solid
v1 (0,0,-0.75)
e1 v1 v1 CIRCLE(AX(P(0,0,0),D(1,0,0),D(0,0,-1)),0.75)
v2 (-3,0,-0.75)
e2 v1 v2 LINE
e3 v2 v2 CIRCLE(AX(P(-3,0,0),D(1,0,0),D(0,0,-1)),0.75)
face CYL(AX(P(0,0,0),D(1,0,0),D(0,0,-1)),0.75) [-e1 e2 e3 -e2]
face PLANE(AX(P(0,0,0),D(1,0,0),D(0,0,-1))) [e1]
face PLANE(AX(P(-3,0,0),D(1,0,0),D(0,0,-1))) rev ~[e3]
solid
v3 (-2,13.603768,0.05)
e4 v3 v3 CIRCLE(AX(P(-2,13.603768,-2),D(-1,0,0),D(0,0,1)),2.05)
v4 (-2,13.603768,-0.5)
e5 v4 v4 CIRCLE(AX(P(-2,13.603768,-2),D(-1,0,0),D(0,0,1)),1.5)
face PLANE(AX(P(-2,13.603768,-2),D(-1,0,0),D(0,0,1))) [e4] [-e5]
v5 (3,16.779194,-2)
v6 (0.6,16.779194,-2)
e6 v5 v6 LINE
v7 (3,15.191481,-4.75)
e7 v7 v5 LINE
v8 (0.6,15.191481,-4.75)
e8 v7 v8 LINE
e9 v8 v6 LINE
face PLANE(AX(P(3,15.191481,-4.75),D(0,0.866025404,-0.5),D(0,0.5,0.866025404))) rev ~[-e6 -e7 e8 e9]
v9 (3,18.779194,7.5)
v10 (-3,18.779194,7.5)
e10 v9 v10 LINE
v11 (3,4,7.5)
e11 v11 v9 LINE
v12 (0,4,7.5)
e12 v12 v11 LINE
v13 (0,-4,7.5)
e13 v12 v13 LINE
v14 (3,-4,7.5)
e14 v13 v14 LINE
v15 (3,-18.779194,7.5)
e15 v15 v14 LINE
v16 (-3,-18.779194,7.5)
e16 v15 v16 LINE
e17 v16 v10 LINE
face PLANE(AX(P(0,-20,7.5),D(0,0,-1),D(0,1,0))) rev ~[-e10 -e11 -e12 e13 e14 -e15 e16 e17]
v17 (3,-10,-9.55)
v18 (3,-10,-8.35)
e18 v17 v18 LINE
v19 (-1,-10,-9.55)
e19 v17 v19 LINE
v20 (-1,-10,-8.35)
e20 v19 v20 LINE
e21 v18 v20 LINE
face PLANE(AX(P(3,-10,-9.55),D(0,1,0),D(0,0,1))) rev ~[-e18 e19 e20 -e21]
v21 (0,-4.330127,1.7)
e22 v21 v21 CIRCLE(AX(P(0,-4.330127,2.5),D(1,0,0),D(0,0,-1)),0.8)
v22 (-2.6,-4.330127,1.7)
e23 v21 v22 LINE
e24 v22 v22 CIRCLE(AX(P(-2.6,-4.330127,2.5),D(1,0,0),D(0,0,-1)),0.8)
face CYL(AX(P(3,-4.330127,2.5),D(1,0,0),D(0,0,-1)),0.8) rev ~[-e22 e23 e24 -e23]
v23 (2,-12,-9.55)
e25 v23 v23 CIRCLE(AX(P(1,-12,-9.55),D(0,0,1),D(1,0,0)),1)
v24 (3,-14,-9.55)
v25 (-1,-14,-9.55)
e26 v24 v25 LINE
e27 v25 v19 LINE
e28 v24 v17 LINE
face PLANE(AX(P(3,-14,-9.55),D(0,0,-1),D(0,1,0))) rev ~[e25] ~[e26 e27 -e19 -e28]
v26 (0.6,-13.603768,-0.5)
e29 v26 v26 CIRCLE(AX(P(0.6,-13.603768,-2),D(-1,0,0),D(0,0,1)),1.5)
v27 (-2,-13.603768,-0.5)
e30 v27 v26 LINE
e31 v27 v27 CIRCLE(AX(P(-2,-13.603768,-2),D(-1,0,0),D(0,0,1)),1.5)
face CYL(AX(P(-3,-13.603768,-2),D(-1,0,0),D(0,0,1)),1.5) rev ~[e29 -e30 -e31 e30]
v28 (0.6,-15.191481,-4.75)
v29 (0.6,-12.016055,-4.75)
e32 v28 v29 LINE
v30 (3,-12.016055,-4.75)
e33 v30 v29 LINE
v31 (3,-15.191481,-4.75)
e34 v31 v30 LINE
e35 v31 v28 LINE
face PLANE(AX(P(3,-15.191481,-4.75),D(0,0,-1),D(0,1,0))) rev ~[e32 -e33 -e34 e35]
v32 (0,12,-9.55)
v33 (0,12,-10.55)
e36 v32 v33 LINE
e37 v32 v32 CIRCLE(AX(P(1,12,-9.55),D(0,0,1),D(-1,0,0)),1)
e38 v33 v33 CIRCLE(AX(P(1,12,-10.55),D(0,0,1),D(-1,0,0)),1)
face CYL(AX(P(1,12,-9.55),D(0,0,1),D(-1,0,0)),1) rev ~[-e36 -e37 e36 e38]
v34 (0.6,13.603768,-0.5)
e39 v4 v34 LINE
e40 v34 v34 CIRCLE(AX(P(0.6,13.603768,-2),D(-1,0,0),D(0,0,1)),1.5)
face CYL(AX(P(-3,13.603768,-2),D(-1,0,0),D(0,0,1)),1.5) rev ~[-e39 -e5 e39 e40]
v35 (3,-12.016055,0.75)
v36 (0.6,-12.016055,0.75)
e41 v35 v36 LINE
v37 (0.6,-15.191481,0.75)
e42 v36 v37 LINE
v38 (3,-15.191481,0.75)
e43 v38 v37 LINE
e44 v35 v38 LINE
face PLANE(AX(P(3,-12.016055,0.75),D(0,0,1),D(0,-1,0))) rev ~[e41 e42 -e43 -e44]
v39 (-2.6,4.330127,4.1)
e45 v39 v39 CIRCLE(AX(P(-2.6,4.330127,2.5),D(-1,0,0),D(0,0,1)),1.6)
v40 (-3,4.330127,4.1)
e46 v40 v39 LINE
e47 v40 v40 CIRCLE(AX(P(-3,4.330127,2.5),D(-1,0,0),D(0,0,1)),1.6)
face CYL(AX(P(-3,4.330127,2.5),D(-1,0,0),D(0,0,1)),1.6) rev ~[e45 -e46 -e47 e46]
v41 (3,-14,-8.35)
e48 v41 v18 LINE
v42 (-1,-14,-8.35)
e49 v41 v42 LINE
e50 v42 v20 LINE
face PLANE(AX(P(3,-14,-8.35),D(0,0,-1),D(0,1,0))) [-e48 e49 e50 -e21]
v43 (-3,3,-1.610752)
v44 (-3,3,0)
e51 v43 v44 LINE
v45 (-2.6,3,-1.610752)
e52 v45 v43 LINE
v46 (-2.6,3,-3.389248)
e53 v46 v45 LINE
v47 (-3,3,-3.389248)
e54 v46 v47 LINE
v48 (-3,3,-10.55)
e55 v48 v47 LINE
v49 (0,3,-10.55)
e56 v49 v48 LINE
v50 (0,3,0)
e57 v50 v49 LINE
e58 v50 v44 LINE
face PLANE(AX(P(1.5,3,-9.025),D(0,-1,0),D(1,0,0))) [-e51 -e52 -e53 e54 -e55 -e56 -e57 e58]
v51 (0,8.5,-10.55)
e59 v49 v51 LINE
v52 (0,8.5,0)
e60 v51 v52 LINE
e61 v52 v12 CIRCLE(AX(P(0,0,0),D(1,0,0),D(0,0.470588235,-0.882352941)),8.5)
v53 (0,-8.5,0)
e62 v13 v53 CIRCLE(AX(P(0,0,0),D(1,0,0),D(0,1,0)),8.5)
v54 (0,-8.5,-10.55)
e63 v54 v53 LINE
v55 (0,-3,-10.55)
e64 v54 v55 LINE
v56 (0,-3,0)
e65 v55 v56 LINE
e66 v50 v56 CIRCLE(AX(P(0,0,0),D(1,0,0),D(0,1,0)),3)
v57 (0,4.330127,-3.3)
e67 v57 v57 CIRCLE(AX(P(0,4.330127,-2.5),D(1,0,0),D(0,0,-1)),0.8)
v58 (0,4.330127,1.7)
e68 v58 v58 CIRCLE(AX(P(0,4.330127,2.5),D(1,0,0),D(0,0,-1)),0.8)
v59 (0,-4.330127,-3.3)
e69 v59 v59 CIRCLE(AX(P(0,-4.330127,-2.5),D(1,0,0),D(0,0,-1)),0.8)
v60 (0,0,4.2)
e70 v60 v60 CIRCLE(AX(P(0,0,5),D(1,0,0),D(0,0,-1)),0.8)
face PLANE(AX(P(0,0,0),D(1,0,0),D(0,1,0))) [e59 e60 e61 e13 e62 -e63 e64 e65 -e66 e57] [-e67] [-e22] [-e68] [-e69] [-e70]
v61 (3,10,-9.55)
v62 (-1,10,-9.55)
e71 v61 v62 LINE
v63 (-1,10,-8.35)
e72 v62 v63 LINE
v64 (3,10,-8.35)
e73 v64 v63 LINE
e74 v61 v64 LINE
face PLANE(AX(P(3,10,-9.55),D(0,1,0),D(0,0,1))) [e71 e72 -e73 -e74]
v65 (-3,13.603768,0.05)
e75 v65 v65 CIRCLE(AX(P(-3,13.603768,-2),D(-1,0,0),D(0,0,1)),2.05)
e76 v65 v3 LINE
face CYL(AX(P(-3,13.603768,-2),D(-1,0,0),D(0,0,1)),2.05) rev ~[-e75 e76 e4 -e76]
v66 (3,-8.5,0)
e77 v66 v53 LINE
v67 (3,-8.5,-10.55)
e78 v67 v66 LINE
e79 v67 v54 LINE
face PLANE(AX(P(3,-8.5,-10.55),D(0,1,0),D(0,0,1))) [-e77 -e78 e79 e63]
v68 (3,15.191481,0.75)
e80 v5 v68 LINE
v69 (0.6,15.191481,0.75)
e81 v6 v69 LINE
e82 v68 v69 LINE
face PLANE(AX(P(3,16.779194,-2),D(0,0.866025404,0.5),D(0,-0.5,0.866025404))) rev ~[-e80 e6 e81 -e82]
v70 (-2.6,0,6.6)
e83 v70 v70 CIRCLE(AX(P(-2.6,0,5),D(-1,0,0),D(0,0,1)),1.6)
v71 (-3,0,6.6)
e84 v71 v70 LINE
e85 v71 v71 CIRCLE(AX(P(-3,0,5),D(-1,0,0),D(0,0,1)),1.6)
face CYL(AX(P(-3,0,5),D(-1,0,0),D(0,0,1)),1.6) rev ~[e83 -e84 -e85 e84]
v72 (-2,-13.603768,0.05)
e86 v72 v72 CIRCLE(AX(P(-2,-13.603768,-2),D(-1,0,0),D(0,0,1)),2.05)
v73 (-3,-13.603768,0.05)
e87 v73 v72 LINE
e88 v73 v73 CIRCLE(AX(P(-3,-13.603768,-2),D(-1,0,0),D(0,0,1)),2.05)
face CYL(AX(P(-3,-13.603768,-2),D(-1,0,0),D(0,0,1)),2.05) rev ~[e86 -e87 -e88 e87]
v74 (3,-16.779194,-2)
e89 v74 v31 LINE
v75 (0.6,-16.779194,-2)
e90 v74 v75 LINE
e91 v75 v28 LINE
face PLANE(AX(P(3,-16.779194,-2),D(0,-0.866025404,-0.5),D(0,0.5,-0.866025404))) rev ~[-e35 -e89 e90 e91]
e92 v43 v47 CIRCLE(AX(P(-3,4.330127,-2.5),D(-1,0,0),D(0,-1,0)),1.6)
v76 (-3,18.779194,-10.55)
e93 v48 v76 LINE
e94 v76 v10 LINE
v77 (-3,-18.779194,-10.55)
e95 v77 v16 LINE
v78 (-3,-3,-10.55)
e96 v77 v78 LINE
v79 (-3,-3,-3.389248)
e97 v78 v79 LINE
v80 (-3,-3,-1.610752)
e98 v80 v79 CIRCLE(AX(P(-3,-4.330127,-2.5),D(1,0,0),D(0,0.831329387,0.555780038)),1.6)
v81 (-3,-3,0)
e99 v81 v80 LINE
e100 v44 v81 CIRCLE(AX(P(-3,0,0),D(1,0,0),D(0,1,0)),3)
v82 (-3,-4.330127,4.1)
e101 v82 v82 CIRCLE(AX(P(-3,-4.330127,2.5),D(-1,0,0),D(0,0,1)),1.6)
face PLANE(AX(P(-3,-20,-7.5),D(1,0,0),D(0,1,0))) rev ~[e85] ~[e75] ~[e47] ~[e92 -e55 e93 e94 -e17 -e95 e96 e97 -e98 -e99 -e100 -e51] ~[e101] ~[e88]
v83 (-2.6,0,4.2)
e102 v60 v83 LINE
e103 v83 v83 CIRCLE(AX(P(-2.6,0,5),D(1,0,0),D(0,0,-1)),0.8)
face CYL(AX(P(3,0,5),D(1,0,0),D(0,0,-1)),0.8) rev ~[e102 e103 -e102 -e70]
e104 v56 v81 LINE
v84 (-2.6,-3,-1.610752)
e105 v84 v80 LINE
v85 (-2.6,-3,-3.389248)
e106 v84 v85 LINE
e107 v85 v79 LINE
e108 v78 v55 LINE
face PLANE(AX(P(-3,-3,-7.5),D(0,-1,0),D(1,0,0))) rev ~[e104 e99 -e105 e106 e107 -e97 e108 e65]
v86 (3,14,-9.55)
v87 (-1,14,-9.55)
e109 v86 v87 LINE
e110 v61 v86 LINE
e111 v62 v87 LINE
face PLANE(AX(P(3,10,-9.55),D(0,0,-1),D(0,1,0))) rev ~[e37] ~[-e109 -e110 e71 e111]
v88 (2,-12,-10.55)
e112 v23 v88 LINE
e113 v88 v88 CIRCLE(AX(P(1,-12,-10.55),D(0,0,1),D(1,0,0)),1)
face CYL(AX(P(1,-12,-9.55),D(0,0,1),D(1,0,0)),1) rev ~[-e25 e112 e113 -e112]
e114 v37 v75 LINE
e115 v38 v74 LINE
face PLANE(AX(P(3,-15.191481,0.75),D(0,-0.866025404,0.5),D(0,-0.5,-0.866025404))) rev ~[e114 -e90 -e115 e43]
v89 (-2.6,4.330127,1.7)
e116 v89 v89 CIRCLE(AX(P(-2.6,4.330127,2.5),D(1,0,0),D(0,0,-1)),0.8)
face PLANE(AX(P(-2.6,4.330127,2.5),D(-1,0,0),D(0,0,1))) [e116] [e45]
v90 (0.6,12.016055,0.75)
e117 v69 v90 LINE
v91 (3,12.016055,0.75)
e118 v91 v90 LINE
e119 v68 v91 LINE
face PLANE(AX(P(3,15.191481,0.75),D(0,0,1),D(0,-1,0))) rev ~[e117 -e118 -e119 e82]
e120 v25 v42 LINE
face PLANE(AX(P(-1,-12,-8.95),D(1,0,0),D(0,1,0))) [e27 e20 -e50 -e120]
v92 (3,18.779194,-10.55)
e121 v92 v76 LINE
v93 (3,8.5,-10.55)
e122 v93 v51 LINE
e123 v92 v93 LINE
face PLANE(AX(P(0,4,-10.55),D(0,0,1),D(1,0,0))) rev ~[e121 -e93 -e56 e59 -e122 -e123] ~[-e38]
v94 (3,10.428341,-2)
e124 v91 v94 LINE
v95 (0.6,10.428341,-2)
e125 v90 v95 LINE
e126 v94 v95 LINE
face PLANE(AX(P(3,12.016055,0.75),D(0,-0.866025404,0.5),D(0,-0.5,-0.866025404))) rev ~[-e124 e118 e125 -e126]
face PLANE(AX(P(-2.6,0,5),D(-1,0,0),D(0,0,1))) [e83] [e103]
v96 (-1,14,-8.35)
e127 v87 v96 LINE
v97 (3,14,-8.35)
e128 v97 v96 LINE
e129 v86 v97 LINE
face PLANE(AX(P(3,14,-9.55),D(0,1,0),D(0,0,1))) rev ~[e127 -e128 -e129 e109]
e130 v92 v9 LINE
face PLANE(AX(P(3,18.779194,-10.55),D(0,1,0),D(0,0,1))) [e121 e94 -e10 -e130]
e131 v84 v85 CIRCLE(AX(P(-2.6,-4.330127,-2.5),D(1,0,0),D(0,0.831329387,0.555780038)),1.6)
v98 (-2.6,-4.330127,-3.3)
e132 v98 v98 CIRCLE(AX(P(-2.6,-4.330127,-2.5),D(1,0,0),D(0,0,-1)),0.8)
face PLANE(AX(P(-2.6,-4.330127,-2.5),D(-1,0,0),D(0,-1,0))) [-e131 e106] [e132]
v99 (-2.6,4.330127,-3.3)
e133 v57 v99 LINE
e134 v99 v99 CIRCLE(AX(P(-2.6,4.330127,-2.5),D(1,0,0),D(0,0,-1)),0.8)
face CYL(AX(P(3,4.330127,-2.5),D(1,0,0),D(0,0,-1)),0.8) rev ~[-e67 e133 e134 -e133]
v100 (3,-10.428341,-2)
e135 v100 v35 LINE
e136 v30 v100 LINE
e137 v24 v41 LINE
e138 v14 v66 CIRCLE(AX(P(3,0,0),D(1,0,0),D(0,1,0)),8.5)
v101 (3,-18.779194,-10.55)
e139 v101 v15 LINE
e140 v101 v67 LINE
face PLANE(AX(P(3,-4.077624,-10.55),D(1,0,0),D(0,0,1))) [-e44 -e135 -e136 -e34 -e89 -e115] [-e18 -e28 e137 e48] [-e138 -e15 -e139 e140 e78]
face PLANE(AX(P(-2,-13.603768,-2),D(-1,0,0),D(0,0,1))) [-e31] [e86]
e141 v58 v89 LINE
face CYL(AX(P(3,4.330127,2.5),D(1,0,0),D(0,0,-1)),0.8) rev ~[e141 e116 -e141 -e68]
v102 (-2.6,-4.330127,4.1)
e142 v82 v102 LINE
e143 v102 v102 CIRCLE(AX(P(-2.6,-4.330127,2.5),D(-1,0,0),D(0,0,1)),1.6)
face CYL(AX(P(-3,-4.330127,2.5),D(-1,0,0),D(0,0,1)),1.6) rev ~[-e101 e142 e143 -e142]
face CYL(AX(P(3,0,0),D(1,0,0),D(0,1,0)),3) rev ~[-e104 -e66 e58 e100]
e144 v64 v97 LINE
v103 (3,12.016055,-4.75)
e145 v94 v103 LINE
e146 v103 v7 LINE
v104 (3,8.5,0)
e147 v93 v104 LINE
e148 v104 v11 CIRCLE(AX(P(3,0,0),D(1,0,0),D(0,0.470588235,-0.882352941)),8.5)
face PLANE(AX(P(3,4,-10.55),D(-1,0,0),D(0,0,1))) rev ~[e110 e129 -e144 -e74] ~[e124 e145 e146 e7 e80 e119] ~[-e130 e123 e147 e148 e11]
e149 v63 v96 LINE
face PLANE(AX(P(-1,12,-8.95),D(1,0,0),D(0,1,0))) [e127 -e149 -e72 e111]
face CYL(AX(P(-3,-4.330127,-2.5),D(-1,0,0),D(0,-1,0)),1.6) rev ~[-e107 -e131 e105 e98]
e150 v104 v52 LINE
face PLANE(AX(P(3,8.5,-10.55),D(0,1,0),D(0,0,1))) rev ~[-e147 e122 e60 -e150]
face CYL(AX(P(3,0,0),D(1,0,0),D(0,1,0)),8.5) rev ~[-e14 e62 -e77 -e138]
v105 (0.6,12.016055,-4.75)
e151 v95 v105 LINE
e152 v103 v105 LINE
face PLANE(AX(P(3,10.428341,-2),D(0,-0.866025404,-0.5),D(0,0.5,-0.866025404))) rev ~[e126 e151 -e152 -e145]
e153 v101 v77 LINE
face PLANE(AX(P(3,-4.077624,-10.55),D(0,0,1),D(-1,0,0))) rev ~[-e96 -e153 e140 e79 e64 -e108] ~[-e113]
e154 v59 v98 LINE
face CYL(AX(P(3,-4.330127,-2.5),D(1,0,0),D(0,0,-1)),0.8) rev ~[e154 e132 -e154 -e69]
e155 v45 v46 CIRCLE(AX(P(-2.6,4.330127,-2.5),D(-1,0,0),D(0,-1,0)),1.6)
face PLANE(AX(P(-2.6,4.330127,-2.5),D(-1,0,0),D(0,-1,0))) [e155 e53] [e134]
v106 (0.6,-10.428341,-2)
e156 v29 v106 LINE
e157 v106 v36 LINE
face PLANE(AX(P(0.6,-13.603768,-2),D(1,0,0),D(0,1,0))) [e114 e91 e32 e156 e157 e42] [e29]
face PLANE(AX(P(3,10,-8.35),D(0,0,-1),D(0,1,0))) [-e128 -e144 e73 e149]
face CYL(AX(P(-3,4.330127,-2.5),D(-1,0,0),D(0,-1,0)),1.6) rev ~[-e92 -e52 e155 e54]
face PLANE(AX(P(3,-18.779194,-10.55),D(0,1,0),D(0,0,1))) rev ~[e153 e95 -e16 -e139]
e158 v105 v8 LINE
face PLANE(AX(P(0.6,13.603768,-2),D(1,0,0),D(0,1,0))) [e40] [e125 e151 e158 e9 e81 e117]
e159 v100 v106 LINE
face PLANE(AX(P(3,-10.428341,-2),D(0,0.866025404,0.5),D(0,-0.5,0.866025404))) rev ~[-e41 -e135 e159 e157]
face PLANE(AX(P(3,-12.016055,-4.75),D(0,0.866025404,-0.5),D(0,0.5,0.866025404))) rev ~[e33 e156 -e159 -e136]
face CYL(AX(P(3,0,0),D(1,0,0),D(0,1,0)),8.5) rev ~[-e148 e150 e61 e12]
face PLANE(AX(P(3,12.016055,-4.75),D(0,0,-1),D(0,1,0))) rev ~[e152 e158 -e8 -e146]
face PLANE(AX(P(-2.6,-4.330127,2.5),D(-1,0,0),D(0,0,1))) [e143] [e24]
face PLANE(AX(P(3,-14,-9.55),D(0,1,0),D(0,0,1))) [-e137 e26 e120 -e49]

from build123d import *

# Parameters (mm, degrees)
SKETCH_2_W           = 40
SKETCH_2_H           = 15
EXTRUDE_5_DEPTH      = 3
SKETCH_10_R          = 0.8
CUT_EXTRUDE_2_DEPTH  = 23.186707732
CUT_EXTRUDE_3_DEPTH  = 23.186707732
SKETCH_12_R          = 8.5
CUT_EXTRUDE_4_DEPTH  = 3
SKETCH_13_R          = 1.6
CUT_EXTRUDE_5_DEPTH  = 0.4
SKETCH_15_R          = 0.75
EXTRUDE_6_DEPTH      = 3
SKETCH_16_R          = 1.5
CUT_EXTRUDE_6_DEPTH  = 23.186707732
SKETCH_18_R          = 2.05
CUT_EXTRUDE_8_DEPTH  = 1
CUT_EXTRUDE_10_DEPTH = 2.4
EXTRUDE_7_DEPTH      = 3.05
SKETCH_24_W          = 3
SKETCH_24_H          = 3.05
EXTRUDE_8_DEPTH      = 1.08
SKETCH_25_W          = 3
SKETCH_25_H          = 3.05
EXTRUDE_9_DEPTH      = 1
SKETCH_26_R          = 8.5
SKETCH_26_W          = 17
SKETCH_26_H          = 10.55
CUT_EXTRUDE_11_DEPTH = 3
SKETCH_28_W          = 1.220805659
SKETCH_28_H          = 18.05
CUT_EXTRUDE_12_DEPTH = 24.394497216
SKETCH_29_W          = 4
SKETCH_29_H          = 1.2
CUT_EXTRUDE_13_DEPTH = 4
SKETCH_30_R          = 1
CUT_EXTRUDE_14_DEPTH = 26.541351571


with BuildPart() as part:
    # ｽｹｯﾁ2 → ﾎﾞｽ - 押し出し5 (new, symmetric)
    with BuildSketch(Plane.YZ):
        Rectangle(SKETCH_2_W, SKETCH_2_H)
    extrude(amount=EXTRUDE_5_DEPTH, both=True)

    # ｽｹｯﾁ10 → ｶｯﾄ - 押し出し2 (cut, through all)
    with BuildSketch(Plane.YZ.offset(3)):
        with Locations(Location((-4.330127019, 2.5, 0), (0, 0, 270))):
            Circle(SKETCH_10_R)
        with Locations(Location((4.330127019, -2.5, 0), (0, 0, 270))):
            Circle(SKETCH_10_R)
        with Locations(Location((0, 5, 0), (0, 0, 270))):
            Circle(SKETCH_10_R)
        with Locations(Location((4.330127019, 2.5, 0), (0, 0, 270))):
            Circle(SKETCH_10_R)
        with Locations(Location((-4.330127019, -2.5, 0), (0, 0, 270))):
            Circle(SKETCH_10_R)
    extrude(amount=-CUT_EXTRUDE_2_DEPTH, mode=Mode.SUBTRACT)

    # ｽｹｯﾁ11 → ｶｯﾄ - 押し出し3 (cut, through all)
    with BuildSketch(Plane.YZ.offset(3)):
        with BuildLine():
            ThreePointArc((3, 0), (0, -3), (-3, 0))
            Line((-3, 0), (-3, -7.5))
            Line((-3, -7.5), (3, -7.5))
            Line((3, -7.5), (3, 0))
        make_face()
        with BuildLine():
            ThreePointArc((3, 0), (0, 3), (-3, 0))
            Line((-3, 0), (3, 0))
        make_face()
        with BuildLine():
            Line((3, 0), (-3, 0))
            ThreePointArc((-3, 0), (0, -3), (3, 0))
        make_face()
    extrude(amount=-CUT_EXTRUDE_3_DEPTH, mode=Mode.SUBTRACT)

    # ｽｹｯﾁ12 → ｶｯﾄ - 押し出し4 (cut)
    with BuildSketch(Plane.YZ.offset(3)):
        Circle(SKETCH_12_R)
    extrude(amount=-CUT_EXTRUDE_4_DEPTH, mode=Mode.SUBTRACT)

    # ｽｹｯﾁ13 → ｶｯﾄ - 押し出し5 (cut)
    with BuildSketch(Plane(origin=(-3, 0, 0), x_dir=(0, -1, 0), z_dir=(-1, 0, 0))):
        with Locations((-4.330127019, -2.5)):
            Circle(SKETCH_13_R)
        with Locations(Location((-4.330127019, 2.5, 0), (0, 0, 90))):
            Circle(SKETCH_13_R)
        with Locations(Location((0, 5, 0), (0, 0, 90))):
            Circle(SKETCH_13_R)
        with Locations(Location((4.330127019, 2.5, 0), (0, 0, 90))):
            Circle(SKETCH_13_R)
        with Locations((4.330127019, -2.5)):
            Circle(SKETCH_13_R)
    extrude(amount=-CUT_EXTRUDE_5_DEPTH, mode=Mode.SUBTRACT)

    # ｽｹｯﾁ16 → ｶｯﾄ - 押し出し6 (cut, through all)
    with BuildSketch(Plane(origin=(-3, 0, 0), x_dir=(0, -1, 0), z_dir=(-1, 0, 0))):
        with Locations(Location((-13.60376786, -2, 0), (0, 0, 90))):
            Circle(SKETCH_16_R)
        with Locations(Location((13.60376786, -2, 0), (0, 0, 90))):
            Circle(SKETCH_16_R)
    extrude(amount=-CUT_EXTRUDE_6_DEPTH, mode=Mode.SUBTRACT)

    # ｽｹｯﾁ18 → ｶｯﾄ - 押し出し8 (cut)
    with BuildSketch(Plane(origin=(-3, 0, 0), x_dir=(0, -1, 0), z_dir=(-1, 0, 0))):
        with Locations(Location((-13.60376786, -2, 0), (0, 0, 90))):
            Circle(SKETCH_18_R)
        with Locations(Location((13.60376786, -2, 0), (0, 0, 90))):
            Circle(SKETCH_18_R)
    extrude(amount=-CUT_EXTRUDE_8_DEPTH, mode=Mode.SUBTRACT)

    # ｽｹｯﾁ19 → ｶｯﾄ - 押し出し10 (cut)
    with BuildSketch(Plane.YZ.offset(3)):
        Polygon((15.191481101, -4.75), (16.779194341, -2), (15.191481101, 0.75), (12.01605462, 0.75), (10.42834138, -2), (12.01605462, -4.75), align=None)
        Polygon((-10.42834138, -2), (-12.01605462, 0.75), (-15.191481101, 0.75), (-16.779194341, -2), (-15.191481101, -4.75), (-12.01605462, -4.75), align=None)
    extrude(amount=-CUT_EXTRUDE_10_DEPTH, mode=Mode.SUBTRACT)

    # ｽｹｯﾁ23 → ﾎﾞｽ - 押し出し7 (add)
    with BuildSketch(Plane(origin=(0, 0, -7.5), x_dir=(1, 0, 0), z_dir=(0, 0, -1))):
        Polygon((-3, 4.077623582), (-3, 3), (0, 3), (0, 4.077623582), (3, 4.077623582), (3, 20), (-3, 20), align=None)
        Polygon((-3, -3), (0, -3), (0, -4), (3, -4), (3, -20), (-3, -20), (-3, -4), align=None)
    extrude(amount=EXTRUDE_7_DEPTH)

    # ｽｹｯﾁ24 → ﾎﾞｽ - 押し出し8 (add)
    with BuildSketch(Plane(origin=(0, -4.077623582, 0), x_dir=(-1, 0, 0), z_dir=(0, 1, 0))):
        with Locations((-1.5, -9.025)):
            Rectangle(SKETCH_24_W, SKETCH_24_H)
    extrude(amount=EXTRUDE_8_DEPTH)

    # ｽｹｯﾁ25 → ﾎﾞｽ - 押し出し9 (add)
    with BuildSketch(Plane.XZ.offset(-4)):
        with Locations((1.5, -9.025)):
            Rectangle(SKETCH_25_W, SKETCH_25_H)
    extrude(amount=EXTRUDE_9_DEPTH)

    # ｽｹｯﾁ26 → ｶｯﾄ - 押し出し11 (cut)
    with BuildSketch(Plane.YZ.offset(3)):
        Circle(SKETCH_26_R)
        with Locations((0, -5.275)):
            Rectangle(SKETCH_26_W, SKETCH_26_H)
    extrude(amount=-CUT_EXTRUDE_11_DEPTH, mode=Mode.SUBTRACT)

    # ｽｹｯﾁ28 → ｶｯﾄ - 押し出し12 (cut, through all)
    with BuildSketch(Plane.YZ.offset(3)):
        with Locations((-19.389597171, -1.525)):
            Rectangle(SKETCH_28_W, SKETCH_28_H)
        with Locations((19.389597171, -1.525)):
            Rectangle(SKETCH_28_W, SKETCH_28_H)
    extrude(amount=-CUT_EXTRUDE_12_DEPTH, mode=Mode.SUBTRACT)

    # ｽｹｯﾁ29 → ｶｯﾄ - 押し出し13 (cut)
    with BuildSketch(Plane.YZ.offset(3)):
        with Locations((-12, -8.95)):
            Rectangle(SKETCH_29_W, SKETCH_29_H)
        with Locations((12, -8.95)):
            Rectangle(SKETCH_29_W, SKETCH_29_H)
    extrude(amount=-CUT_EXTRUDE_13_DEPTH, mode=Mode.SUBTRACT)

    # ｽｹｯﾁ30 → ｶｯﾄ - 押し出し14 (cut, through all)
    with BuildSketch(Plane.XY.offset(-9.55)):
        with Locations((1, -12)):
            Circle(SKETCH_30_R)
        with Locations(Location((1, 12, 0), (0, 0, 180))):
            Circle(SKETCH_30_R)
    extrude(amount=-CUT_EXTRUDE_14_DEPTH, mode=Mode.SUBTRACT)


with BuildPart() as body_2:
    # ｽｹｯﾁ15 → ﾎﾞｽ - 押し出し6 (new body)
    with BuildSketch(Plane.YZ):
        with Locations(Location((0, 0, 0), (0, 0, 270))):
            Circle(SKETCH_15_R)
    extrude(amount=-EXTRUDE_6_DEPTH)


solid = Compound([part.part, body_2.part])
